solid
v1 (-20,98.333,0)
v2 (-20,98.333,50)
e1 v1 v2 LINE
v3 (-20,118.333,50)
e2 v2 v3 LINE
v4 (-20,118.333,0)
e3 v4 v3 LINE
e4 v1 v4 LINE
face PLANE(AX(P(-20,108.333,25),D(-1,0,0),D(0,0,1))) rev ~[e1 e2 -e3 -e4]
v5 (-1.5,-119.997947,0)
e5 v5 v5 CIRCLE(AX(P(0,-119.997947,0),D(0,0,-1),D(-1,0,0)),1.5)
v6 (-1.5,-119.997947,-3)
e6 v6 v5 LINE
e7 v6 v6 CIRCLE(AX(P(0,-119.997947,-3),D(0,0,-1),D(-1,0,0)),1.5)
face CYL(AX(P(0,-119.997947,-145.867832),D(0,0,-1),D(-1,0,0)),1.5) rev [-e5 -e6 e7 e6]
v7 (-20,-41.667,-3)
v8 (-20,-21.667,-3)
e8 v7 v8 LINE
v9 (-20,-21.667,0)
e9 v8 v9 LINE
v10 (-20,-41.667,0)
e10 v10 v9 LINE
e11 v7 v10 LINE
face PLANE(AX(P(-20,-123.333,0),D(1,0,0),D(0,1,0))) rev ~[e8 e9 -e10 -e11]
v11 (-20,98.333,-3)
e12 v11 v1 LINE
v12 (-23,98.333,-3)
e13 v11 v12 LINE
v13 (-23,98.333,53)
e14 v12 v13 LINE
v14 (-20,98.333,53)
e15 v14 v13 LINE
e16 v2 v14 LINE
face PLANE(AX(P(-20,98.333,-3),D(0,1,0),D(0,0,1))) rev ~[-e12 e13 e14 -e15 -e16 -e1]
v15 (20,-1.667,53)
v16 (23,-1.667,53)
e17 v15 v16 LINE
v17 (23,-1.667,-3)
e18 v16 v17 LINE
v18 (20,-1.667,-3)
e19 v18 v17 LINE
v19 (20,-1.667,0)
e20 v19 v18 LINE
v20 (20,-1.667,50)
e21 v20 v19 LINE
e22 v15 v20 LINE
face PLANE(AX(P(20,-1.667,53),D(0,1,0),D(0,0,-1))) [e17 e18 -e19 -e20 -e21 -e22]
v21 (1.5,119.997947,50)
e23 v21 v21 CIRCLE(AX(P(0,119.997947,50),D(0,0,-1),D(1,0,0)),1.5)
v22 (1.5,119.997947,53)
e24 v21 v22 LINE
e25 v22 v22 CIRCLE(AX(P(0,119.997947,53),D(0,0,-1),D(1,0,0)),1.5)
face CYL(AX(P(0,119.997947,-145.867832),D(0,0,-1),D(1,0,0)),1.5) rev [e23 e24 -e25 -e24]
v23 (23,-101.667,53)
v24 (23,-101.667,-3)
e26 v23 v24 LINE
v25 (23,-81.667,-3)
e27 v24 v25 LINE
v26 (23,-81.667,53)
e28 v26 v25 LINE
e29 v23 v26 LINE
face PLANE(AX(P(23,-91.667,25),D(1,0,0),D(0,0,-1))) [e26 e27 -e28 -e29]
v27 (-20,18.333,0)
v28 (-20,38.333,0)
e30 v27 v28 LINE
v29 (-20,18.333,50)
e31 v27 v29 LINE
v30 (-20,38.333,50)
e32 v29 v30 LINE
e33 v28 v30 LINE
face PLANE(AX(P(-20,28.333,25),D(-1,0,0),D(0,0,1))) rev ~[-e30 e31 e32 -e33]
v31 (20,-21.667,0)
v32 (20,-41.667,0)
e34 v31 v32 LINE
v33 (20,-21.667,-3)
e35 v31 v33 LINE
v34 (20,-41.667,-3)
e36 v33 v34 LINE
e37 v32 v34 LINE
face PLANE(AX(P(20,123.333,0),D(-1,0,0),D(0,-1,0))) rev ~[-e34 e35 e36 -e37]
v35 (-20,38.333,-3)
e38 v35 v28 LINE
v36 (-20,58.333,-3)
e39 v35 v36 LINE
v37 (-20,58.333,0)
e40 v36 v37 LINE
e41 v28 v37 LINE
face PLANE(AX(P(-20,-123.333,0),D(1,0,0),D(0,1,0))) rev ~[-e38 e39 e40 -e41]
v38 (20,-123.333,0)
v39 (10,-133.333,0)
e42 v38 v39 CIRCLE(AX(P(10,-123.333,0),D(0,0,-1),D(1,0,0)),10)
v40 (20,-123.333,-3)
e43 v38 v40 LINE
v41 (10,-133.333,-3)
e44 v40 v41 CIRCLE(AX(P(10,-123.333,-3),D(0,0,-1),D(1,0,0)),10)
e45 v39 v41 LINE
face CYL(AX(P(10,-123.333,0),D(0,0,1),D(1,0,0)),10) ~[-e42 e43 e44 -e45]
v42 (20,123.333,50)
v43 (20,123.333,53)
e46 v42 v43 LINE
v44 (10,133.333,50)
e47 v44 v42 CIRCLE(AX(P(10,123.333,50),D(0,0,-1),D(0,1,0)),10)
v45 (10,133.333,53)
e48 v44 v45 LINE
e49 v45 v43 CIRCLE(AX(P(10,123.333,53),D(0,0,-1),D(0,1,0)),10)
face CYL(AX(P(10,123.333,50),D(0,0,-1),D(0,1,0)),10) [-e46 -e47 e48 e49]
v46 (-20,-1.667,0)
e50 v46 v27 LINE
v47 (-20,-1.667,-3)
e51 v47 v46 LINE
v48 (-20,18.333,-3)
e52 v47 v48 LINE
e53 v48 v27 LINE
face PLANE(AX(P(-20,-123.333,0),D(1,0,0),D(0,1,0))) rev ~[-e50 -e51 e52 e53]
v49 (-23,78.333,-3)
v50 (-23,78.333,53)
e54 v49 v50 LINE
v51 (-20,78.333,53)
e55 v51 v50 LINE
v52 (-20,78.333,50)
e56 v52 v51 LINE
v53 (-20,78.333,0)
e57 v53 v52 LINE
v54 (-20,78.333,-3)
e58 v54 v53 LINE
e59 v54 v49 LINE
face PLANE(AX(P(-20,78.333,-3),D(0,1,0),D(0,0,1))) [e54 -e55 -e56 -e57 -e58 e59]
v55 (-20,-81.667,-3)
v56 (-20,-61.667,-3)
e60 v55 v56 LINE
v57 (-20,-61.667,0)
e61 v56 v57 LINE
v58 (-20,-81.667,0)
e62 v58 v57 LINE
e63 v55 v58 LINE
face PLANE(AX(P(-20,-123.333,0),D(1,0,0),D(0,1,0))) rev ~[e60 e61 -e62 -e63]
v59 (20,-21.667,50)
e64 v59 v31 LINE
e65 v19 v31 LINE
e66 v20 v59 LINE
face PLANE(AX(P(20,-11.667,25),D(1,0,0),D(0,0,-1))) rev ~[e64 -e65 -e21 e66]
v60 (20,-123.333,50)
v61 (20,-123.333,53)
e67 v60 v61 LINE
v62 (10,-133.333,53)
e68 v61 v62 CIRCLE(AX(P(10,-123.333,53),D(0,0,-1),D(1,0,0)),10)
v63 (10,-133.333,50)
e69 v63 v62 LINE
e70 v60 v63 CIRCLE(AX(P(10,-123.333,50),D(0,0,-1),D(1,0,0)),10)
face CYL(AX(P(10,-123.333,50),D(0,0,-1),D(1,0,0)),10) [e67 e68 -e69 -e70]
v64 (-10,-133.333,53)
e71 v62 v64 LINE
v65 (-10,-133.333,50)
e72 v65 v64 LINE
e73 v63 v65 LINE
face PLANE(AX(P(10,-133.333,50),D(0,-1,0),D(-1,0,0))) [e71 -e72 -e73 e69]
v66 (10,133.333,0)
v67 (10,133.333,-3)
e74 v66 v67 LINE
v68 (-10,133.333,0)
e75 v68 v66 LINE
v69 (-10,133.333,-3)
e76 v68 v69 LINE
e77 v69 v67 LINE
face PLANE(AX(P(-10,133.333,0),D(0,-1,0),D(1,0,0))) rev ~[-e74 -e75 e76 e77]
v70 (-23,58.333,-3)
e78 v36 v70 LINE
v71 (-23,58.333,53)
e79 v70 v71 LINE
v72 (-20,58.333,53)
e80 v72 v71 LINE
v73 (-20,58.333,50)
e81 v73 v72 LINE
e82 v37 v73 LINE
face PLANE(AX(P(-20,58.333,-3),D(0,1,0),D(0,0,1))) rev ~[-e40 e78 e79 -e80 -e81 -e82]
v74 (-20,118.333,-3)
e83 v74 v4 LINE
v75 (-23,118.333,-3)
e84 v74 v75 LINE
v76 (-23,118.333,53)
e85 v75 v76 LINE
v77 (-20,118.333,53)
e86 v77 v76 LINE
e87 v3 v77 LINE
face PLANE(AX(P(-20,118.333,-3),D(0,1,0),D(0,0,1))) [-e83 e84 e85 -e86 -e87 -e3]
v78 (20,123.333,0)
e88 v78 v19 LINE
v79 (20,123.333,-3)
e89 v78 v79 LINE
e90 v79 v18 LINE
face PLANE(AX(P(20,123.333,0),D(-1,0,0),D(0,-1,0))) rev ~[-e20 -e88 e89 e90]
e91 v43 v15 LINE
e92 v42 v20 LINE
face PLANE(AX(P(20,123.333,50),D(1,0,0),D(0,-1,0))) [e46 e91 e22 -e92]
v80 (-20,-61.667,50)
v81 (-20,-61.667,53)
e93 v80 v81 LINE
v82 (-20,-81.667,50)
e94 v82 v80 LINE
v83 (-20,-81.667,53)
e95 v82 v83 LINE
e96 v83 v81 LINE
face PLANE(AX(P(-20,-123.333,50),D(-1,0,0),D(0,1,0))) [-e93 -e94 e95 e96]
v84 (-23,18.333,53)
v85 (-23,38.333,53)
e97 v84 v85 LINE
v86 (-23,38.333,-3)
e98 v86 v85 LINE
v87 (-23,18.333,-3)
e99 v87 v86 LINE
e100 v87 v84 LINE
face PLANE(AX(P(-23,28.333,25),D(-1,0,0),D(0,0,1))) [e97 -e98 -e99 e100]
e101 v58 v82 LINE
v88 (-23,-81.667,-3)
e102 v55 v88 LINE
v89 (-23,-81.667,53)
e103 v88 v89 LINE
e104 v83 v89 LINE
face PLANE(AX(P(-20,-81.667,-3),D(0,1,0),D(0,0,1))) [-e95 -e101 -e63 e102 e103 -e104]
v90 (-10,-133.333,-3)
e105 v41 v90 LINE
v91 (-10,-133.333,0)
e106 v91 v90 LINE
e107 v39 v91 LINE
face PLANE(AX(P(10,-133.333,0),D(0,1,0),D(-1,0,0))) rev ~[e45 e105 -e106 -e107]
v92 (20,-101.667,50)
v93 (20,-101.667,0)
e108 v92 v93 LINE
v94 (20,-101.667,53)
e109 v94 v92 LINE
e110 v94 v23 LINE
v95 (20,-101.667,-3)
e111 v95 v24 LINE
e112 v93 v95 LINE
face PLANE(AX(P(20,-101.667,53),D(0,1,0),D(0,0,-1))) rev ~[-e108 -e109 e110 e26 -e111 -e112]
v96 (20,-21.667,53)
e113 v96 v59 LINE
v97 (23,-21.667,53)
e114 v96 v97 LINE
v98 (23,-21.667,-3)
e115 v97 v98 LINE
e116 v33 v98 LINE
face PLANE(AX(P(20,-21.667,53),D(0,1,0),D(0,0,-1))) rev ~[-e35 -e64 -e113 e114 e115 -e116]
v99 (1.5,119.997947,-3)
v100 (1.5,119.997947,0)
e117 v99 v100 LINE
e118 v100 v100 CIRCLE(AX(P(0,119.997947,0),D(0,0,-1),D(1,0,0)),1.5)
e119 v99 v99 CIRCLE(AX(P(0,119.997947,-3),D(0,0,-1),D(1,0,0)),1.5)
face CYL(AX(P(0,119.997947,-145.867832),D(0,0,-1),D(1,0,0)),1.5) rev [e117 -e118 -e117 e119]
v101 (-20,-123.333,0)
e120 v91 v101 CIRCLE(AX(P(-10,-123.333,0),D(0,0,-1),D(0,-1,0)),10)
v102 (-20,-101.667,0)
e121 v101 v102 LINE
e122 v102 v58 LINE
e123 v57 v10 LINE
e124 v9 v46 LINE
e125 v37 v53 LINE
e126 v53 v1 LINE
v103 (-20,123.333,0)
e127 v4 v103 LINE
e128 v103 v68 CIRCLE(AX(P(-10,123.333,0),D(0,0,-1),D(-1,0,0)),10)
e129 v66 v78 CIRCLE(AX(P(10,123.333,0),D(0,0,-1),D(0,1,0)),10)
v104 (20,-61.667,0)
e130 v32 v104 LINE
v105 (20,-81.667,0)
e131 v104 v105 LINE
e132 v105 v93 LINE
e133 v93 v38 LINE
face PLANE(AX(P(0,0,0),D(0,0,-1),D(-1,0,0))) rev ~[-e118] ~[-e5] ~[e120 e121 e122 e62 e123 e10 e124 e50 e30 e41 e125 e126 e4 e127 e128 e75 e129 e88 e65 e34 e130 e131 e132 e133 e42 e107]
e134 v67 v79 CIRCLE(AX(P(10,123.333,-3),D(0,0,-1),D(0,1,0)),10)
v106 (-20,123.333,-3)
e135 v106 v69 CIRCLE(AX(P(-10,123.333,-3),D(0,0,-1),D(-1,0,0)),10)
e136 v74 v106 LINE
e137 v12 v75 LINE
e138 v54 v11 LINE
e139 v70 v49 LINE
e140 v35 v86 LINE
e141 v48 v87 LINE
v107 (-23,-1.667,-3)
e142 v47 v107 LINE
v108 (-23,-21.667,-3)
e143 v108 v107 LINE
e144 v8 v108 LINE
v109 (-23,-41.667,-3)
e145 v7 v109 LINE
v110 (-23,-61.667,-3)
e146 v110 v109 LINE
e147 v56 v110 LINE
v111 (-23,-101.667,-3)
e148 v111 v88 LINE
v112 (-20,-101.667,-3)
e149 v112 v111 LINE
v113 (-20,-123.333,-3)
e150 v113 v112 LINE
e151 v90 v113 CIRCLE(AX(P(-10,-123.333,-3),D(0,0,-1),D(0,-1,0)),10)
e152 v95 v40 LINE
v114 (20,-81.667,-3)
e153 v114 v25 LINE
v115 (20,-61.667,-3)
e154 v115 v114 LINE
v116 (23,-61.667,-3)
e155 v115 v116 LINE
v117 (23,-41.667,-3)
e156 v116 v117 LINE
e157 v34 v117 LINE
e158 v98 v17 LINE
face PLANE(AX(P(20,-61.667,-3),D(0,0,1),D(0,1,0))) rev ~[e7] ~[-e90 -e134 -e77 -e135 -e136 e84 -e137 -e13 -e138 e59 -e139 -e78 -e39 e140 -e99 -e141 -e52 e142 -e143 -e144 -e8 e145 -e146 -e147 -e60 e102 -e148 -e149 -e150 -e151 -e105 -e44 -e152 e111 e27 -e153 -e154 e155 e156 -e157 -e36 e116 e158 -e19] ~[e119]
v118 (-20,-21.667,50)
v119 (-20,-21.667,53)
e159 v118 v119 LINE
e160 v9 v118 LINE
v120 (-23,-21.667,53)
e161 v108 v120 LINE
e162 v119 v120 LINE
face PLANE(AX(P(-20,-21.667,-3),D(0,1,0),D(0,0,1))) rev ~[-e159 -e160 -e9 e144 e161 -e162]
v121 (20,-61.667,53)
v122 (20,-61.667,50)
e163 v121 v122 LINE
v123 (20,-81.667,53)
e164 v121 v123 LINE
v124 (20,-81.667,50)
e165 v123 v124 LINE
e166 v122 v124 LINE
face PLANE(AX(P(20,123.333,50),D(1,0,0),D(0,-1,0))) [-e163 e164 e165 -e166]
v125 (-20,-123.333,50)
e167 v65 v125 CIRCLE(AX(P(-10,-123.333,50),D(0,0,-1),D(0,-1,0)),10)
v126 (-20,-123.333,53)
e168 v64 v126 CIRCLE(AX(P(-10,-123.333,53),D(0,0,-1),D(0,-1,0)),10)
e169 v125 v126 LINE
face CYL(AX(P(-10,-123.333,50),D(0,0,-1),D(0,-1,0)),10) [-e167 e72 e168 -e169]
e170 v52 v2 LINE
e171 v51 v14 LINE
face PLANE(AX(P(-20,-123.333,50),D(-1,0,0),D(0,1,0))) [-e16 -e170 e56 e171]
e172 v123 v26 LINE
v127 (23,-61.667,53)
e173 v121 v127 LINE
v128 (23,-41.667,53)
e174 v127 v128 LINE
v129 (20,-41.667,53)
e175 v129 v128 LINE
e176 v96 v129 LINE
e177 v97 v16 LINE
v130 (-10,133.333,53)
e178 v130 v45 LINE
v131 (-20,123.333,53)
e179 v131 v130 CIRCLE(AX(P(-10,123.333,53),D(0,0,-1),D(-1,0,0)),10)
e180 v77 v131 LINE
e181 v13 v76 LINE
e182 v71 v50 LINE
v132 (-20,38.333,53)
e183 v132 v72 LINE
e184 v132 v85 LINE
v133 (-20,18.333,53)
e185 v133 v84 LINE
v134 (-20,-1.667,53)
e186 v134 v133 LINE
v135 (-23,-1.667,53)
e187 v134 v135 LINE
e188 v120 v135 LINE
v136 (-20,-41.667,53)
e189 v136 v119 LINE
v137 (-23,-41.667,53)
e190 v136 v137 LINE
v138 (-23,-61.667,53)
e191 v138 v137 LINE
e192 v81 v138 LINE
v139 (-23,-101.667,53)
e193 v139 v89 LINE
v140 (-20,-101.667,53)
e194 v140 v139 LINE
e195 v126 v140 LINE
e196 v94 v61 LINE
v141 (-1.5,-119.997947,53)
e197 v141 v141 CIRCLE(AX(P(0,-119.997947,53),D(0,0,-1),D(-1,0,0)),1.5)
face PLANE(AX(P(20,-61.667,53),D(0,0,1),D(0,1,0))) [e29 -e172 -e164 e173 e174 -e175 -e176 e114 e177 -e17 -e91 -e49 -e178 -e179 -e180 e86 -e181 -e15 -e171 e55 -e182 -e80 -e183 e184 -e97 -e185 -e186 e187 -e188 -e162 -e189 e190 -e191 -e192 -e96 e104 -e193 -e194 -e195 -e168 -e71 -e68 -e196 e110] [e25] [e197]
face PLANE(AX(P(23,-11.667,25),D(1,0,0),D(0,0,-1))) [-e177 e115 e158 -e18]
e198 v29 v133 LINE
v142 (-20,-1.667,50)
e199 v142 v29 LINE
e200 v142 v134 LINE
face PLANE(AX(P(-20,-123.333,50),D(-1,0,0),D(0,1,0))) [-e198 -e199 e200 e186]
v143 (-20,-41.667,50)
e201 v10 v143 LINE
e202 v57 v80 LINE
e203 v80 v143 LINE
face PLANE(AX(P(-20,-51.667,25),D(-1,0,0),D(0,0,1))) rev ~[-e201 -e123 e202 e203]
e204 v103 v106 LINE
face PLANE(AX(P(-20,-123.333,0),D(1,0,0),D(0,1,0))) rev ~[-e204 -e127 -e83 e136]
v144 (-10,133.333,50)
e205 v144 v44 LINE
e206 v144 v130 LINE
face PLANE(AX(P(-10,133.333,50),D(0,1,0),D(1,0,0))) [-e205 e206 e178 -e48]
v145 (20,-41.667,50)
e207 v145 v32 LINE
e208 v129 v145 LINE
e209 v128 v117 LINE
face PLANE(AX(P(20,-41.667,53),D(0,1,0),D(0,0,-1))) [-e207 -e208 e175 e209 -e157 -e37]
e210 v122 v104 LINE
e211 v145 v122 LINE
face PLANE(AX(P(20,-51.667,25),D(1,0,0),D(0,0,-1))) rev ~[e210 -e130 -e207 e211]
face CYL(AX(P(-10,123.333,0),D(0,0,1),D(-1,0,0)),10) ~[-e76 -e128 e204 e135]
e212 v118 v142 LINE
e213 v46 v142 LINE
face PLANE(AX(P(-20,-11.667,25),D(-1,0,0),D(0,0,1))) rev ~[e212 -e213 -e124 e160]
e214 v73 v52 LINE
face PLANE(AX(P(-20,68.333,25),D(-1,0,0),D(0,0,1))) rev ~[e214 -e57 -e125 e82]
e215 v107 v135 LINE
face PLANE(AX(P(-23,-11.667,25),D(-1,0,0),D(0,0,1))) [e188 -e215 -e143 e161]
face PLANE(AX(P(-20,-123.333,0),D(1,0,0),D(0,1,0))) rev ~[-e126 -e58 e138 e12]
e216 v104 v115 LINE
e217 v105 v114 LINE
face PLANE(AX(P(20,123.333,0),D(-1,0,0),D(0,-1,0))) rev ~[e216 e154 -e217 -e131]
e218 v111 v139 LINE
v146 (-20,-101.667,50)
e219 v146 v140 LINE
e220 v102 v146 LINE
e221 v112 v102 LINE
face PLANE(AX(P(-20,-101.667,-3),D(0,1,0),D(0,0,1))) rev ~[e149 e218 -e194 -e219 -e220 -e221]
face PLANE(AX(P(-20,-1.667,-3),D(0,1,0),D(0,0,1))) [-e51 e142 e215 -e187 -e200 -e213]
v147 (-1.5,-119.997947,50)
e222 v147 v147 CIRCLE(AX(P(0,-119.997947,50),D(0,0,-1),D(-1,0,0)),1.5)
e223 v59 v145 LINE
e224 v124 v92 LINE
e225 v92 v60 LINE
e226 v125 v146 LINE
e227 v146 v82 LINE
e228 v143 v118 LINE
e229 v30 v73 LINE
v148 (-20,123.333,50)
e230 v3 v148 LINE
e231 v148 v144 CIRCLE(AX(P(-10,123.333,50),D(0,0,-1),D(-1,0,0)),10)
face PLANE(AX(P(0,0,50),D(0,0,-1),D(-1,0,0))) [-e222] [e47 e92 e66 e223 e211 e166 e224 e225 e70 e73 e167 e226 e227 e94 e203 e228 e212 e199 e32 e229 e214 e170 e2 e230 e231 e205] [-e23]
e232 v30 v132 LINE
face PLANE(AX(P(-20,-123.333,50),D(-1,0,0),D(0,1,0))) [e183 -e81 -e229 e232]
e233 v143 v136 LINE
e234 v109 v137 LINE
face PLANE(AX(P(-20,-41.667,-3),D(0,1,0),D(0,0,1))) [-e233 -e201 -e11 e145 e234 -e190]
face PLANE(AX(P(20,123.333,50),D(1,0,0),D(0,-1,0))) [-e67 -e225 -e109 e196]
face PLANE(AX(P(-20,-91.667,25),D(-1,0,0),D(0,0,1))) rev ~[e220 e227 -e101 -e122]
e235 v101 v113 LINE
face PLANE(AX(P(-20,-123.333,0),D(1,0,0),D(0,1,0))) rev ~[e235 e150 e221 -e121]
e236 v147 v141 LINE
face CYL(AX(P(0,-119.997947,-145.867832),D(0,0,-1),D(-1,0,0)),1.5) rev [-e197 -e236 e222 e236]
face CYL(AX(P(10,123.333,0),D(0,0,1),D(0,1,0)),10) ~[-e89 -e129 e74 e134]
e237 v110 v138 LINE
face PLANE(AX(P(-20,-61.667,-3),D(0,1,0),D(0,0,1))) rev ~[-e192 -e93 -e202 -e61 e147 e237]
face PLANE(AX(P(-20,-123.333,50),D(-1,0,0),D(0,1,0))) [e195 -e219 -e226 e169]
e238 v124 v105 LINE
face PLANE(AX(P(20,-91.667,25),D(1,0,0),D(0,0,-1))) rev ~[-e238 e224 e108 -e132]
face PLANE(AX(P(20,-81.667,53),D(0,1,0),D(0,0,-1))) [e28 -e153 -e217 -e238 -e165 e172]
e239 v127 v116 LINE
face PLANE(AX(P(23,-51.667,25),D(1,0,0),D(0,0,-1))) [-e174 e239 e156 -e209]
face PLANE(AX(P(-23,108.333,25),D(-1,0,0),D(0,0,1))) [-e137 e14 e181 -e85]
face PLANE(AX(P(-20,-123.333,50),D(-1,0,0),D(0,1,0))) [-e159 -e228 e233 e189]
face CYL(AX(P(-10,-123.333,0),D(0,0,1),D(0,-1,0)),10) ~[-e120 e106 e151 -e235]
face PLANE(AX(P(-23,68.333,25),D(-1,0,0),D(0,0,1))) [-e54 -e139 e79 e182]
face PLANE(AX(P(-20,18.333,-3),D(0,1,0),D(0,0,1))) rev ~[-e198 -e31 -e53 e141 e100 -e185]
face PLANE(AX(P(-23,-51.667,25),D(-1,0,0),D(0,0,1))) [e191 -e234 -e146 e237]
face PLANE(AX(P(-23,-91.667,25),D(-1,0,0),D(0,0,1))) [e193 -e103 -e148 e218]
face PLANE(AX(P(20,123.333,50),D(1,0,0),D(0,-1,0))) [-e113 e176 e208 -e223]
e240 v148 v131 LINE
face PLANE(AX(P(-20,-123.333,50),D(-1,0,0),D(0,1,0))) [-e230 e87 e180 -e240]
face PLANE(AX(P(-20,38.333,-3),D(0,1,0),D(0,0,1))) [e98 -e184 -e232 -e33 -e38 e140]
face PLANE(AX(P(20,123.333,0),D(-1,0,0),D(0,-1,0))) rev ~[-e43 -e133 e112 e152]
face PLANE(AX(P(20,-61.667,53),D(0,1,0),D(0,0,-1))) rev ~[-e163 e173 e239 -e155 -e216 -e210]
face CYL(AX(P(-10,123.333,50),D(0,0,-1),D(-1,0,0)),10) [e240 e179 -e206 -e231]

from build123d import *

# Parameters (mm, degrees)
BOSS_EXTRUDE1_START     = 50
BOSS_EXTRUDE1_DEPTH     = 3
BOSS_EXTRUDE2_DEPTH     = 3
CUT_EXTRUDE1_DEPTH      = 145.867832485
CUT_EXTRUDE1_DEPTH_BACK = 145.867832485
SKETCH2_R               = 1.5
SKETCH3_W               = 56
SKETCH3_H               = 20
BOSS_EXTRUDE4_DEPTH     = 3
SKETCH4_W               = 56
SKETCH4_H               = 20
BOSS_EXTRUDE5_DEPTH     = 3


with BuildPart() as part:
    # Sketch1 → Boss-Extrude1 (new body)
    with BuildSketch(Plane.XY.offset(BOSS_EXTRUDE1_START)):
        with BuildLine():
            Line((-10, 133.333), (10, 133.333))
            ThreePointArc((10, 133.333), (17.071067812, 130.404067812), (20, 123.333))
            Line((20, 123.333), (20, -123.333))
            ThreePointArc((20, -123.333), (17.071067812, -130.404067812), (10, -133.333))
            Line((10, -133.333), (-10, -133.333))
            ThreePointArc((-10, -133.333), (-17.071067812, -130.404067812), (-20, -123.333))
            Line((-20, -123.333), (-20, 123.333))
            ThreePointArc((-20, 123.333), (-17.071067812, 130.404067812), (-10, 133.333))
        make_face()
    extrude(amount=BOSS_EXTRUDE1_DEPTH)


with BuildPart() as body_2:
    # Sketch1<3> → Boss-Extrude2 (new body)
    with BuildSketch(Plane.XY):
        with BuildLine():
            Line((-10, 133.333), (10, 133.333))
            ThreePointArc((10, 133.333), (17.071067812, 130.404067812), (20, 123.333))
            Line((20, 123.333), (20, -123.333))
            ThreePointArc((20, -123.333), (17.071067812, -130.404067812), (10, -133.333))
            Line((10, -133.333), (-10, -133.333))
            ThreePointArc((-10, -133.333), (-17.071067812, -130.404067812), (-20, -123.333))
            Line((-20, -123.333), (-20, 123.333))
            ThreePointArc((-20, 123.333), (-17.071067812, 130.404067812), (-10, 133.333))
        make_face()
    extrude(amount=-BOSS_EXTRUDE2_DEPTH)


with BuildPart() as cut_extrude1_tool:
    # Sketch2 → Cut-Extrude1 (new, two sides: drawn at the far end of the back side and taken through both)
    with BuildSketch(Plane.XY.offset(-CUT_EXTRUDE1_DEPTH_BACK)):
        with Locations((0, 119.997946932)):
            Circle(SKETCH2_R)
        with Locations((0, -119.997946932)):
            Circle(SKETCH2_R)
    extrude(amount=CUT_EXTRUDE1_DEPTH + CUT_EXTRUDE1_DEPTH_BACK)


with BuildPart() as part_1:
    add(part.part)

    # Cut-Extrude1: cut by cut_extrude1_tool
    add(cut_extrude1_tool.part, mode=Mode.SUBTRACT)



with BuildPart() as body_2_1:
    add(body_2.part)

    # Cut-Extrude1: cut by cut_extrude1_tool
    add(cut_extrude1_tool.part, mode=Mode.SUBTRACT)


with BuildPart() as part_2:
    add(part_1.part)

    add(body_2_1.part)  # Boss-Extrude4 merges body 2
    # Sketch3 → Boss-Extrude4 (add)
    with BuildSketch(Plane.ZY.offset(20)):
        with Locations((25, 108.333)):
            Rectangle(SKETCH3_W, SKETCH3_H)
        with Locations((25, 68.333)):
            Rectangle(SKETCH3_W, SKETCH3_H)
        with Locations((25, 28.333)):
            Rectangle(SKETCH3_W, SKETCH3_H)
        with Locations((25, -11.667)):
            Rectangle(SKETCH3_W, SKETCH3_H)
        with Locations((25, -51.667)):
            Rectangle(SKETCH3_W, SKETCH3_H)
        with Locations((25, -91.667)):
            Rectangle(SKETCH3_W, SKETCH3_H)
    extrude(amount=BOSS_EXTRUDE4_DEPTH)

    # Sketch4 → Boss-Extrude5 (add)
    with BuildSketch(Plane(origin=(20, 0, 0), x_dir=(0, 0, -1), z_dir=(1, 0, 0))):
        with Locations((-25, -51.667)):
            Rectangle(SKETCH4_W, SKETCH4_H)
        with Locations((-25, -11.667)):
            Rectangle(SKETCH4_W, SKETCH4_H)
        with Locations((-25, -91.667)):
            Rectangle(SKETCH4_W, SKETCH4_H)
    extrude(amount=BOSS_EXTRUDE5_DEPTH)


solid = part_2.part
